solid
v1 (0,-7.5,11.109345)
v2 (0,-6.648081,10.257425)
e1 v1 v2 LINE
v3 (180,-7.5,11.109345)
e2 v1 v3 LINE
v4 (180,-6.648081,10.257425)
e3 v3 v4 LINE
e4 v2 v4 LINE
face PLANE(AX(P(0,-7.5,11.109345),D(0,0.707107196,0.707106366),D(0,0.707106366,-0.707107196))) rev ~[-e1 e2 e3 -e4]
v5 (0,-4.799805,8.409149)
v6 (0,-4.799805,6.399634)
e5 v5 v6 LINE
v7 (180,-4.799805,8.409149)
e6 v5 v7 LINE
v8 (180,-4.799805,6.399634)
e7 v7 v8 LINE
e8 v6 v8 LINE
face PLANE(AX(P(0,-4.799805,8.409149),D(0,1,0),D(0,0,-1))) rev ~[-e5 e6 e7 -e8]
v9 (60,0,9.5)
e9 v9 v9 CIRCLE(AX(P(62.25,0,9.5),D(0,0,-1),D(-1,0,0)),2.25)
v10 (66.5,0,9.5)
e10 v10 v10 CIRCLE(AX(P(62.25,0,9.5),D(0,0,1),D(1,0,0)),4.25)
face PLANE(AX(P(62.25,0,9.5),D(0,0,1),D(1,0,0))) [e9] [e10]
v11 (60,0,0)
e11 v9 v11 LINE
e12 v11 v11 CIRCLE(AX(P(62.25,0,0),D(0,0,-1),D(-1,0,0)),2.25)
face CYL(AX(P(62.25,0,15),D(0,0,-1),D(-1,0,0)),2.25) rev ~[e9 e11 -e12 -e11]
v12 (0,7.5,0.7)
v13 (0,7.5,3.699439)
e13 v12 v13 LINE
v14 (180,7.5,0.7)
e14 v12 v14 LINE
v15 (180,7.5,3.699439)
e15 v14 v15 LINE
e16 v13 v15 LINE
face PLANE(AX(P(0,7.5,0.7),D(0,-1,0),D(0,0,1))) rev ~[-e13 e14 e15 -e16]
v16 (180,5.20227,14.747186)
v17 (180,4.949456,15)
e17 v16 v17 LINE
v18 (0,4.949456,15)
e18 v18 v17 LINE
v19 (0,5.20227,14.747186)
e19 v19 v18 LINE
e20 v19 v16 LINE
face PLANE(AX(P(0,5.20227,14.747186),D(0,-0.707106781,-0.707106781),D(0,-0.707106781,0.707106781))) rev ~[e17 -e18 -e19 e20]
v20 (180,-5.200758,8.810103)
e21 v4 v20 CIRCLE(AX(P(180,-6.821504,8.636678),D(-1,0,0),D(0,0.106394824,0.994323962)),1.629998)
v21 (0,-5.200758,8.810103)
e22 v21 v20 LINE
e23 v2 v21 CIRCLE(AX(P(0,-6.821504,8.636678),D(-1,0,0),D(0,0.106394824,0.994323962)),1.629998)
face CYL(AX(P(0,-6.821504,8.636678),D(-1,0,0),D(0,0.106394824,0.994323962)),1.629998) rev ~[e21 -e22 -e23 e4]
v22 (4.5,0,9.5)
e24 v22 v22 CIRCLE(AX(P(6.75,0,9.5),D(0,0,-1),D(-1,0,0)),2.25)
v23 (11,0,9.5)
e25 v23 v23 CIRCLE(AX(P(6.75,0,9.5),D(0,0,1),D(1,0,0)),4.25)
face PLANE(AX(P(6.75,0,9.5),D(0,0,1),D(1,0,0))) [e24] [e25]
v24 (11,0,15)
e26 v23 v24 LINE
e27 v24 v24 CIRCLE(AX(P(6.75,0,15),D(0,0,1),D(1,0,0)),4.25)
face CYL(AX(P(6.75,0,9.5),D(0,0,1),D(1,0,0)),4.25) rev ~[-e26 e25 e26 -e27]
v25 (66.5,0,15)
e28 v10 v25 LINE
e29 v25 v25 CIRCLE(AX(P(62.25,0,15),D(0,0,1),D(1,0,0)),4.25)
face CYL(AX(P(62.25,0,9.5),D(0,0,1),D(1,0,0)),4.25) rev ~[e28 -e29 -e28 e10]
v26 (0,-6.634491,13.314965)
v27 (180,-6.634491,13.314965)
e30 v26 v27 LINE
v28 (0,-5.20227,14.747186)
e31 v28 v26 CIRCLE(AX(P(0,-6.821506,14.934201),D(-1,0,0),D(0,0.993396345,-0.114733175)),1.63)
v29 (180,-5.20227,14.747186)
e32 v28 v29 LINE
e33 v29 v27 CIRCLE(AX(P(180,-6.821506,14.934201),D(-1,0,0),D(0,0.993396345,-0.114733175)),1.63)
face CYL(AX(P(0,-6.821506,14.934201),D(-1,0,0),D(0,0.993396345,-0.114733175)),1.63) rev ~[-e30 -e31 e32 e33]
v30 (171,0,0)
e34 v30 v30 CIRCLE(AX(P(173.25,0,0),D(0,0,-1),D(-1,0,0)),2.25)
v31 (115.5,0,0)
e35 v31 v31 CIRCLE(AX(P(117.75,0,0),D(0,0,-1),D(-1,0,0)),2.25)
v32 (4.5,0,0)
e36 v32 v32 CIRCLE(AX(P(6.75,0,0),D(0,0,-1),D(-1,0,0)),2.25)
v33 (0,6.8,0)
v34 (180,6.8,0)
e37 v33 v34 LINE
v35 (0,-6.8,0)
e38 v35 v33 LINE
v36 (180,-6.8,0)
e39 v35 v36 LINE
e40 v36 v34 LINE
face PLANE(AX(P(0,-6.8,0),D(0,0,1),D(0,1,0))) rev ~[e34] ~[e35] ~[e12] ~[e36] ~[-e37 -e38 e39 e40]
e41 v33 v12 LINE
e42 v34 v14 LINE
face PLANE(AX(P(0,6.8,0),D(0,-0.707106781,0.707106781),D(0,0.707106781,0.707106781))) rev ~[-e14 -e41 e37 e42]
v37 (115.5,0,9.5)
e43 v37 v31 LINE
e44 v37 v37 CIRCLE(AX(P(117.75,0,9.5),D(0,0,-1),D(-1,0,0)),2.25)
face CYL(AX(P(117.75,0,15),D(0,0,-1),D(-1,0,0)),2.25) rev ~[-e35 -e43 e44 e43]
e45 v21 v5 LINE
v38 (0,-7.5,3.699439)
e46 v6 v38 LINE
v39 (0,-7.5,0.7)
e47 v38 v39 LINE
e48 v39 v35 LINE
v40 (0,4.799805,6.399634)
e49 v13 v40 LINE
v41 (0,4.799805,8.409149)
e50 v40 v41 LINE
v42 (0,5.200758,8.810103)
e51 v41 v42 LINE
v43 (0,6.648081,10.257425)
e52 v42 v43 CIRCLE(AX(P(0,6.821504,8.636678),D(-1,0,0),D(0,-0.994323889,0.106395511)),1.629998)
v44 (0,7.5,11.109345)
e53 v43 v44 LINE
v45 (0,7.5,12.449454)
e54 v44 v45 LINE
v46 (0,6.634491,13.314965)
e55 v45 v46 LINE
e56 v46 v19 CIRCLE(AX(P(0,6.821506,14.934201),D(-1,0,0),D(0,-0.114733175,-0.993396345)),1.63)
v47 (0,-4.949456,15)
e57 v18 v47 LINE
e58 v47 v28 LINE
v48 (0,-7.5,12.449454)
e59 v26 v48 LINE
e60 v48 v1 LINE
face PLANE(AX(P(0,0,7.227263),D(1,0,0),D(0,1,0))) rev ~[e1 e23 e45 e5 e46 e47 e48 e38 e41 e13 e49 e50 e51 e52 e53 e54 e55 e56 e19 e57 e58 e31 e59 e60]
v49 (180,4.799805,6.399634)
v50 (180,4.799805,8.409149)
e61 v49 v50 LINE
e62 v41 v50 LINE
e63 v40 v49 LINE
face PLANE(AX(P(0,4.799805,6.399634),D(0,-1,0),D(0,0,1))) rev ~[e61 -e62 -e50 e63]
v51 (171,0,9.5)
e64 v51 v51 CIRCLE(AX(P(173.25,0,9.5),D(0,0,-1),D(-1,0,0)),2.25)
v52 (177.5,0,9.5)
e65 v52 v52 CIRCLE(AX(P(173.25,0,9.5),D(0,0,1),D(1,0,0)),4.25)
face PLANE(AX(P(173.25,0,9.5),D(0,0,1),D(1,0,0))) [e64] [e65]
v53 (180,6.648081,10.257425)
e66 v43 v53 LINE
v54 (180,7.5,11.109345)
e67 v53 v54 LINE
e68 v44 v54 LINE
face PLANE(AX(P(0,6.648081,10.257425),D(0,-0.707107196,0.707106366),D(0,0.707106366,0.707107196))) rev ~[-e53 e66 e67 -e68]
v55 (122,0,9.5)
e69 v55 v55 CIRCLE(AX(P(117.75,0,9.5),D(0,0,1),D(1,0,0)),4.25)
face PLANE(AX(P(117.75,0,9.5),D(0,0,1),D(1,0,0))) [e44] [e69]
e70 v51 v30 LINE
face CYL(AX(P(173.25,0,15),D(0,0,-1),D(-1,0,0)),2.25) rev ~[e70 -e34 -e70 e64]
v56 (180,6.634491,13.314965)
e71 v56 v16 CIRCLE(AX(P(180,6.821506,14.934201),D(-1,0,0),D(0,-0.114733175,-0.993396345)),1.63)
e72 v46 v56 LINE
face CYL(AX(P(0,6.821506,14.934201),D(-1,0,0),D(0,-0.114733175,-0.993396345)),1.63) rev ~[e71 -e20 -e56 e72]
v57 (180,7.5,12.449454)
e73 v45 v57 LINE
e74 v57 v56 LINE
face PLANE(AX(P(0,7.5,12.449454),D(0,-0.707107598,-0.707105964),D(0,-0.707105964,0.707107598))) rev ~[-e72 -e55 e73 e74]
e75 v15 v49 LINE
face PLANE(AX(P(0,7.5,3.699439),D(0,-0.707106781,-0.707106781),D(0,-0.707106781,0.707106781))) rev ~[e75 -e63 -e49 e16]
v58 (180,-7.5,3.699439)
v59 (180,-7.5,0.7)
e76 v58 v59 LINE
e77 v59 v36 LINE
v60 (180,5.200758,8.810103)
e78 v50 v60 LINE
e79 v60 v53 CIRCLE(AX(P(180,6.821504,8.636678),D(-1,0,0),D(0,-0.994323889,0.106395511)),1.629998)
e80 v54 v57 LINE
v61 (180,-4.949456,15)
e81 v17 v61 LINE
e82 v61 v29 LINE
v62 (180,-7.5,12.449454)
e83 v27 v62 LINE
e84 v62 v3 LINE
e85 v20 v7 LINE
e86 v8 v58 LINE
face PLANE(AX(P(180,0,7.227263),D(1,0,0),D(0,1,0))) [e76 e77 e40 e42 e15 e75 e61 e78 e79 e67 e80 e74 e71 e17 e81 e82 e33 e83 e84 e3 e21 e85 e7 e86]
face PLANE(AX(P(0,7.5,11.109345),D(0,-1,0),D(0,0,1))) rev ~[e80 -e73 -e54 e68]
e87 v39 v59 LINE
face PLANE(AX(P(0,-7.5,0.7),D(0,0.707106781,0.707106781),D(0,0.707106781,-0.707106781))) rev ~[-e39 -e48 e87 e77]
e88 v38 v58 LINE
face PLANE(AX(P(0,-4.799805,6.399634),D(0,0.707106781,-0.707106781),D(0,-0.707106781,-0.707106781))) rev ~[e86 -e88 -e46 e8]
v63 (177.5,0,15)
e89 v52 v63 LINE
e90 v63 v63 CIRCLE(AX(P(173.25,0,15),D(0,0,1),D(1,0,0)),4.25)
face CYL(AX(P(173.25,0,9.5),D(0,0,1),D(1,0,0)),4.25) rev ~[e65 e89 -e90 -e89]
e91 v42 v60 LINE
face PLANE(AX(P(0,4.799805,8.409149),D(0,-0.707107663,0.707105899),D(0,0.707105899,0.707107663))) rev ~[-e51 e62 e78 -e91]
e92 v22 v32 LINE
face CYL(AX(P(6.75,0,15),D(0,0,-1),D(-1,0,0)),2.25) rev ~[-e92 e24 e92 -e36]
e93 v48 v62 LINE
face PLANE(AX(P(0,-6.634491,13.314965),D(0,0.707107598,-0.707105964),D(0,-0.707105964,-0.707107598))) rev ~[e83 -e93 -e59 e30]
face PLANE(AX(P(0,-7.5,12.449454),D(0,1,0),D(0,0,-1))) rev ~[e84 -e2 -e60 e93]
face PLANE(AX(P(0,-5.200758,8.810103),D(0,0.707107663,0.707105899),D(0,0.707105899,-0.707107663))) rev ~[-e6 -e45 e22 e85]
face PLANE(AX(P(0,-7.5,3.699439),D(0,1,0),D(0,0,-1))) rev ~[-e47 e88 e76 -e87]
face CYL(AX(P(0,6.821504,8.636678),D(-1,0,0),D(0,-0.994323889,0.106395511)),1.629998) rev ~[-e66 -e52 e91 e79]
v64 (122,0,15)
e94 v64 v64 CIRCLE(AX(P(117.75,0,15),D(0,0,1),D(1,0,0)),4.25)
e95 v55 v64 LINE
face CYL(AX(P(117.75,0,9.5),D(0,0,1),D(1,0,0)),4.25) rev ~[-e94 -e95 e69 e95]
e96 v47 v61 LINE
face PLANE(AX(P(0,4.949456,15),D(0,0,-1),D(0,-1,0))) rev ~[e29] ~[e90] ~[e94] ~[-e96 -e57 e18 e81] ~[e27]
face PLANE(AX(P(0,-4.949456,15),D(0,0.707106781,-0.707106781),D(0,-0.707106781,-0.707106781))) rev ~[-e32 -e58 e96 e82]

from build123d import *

# Parameters (mm, degrees)
F1_DEPTH       = 180
F3_D           = 4.5
F3_CBORE_D     = 8.5
F3_CBORE_DEPTH = 5.5


with BuildPart() as f1:
    # F0 (on Right) → F1 (new body)
    with BuildSketch(Plane.YZ):
        with BuildLine():
            Line((-6.8, 0), (6.8, 0))
            Line((6.8, 0), (7.5, 0.7))
            Line((7.5, 0.7), (7.5, 3.699439))
            Line((7.5, 3.699439), (4.799805, 6.399634))
            Line((4.799805, 6.399634), (4.799805, 8.409149))
            Line((4.799805, 8.409149), (5.200758, 8.810103))
            ThreePointArc((5.200758, 8.810103), (5.668922, 9.789262), (6.648081, 10.257425))
            Line((6.648081, 10.257425), (7.5, 11.109345))
            Line((7.5, 11.109345), (7.5, 12.449454))
            Line((7.5, 12.449454), (6.634491, 13.314965))
            ThreePointArc((6.634491, 13.314965), (5.668922, 13.781617), (5.20227, 14.747186))
            Line((5.20227, 14.747186), (4.949456, 15))
            Line((4.949456, 15), (-4.949456, 15))
            Line((-4.949456, 15), (-5.20227, 14.747186))
            ThreePointArc((-5.20227, 14.747186), (-5.668922, 13.781617), (-6.634491, 13.314965))
            Line((-6.634491, 13.314965), (-7.5, 12.449454))
            Line((-7.5, 12.449454), (-7.5, 11.109345))
            Line((-7.5, 11.109345), (-6.648081, 10.257425))
            ThreePointArc((-6.648081, 10.257425), (-5.668922, 9.789262), (-5.200758, 8.810103))
            Line((-5.200758, 8.810103), (-4.799805, 8.409149))
            Line((-4.799805, 8.409149), (-4.799805, 6.399634))
            Line((-4.799805, 6.399634), (-7.5, 3.699439))
            Line((-7.5, 3.699439), (-7.5, 0.7))
            Line((-7.5, 0.7), (-6.8, 0))
        make_face()
    extrude(amount=F1_DEPTH)

    # F3 (through all)
    with Locations(Plane.XY.offset(15)):
        with Locations((6.75, 0), (62.25, 0), (117.75, 0), (173.25, 0)):
            CounterBoreHole(F3_D / 2, F3_CBORE_D / 2, F3_CBORE_DEPTH)


solid = f1.part
